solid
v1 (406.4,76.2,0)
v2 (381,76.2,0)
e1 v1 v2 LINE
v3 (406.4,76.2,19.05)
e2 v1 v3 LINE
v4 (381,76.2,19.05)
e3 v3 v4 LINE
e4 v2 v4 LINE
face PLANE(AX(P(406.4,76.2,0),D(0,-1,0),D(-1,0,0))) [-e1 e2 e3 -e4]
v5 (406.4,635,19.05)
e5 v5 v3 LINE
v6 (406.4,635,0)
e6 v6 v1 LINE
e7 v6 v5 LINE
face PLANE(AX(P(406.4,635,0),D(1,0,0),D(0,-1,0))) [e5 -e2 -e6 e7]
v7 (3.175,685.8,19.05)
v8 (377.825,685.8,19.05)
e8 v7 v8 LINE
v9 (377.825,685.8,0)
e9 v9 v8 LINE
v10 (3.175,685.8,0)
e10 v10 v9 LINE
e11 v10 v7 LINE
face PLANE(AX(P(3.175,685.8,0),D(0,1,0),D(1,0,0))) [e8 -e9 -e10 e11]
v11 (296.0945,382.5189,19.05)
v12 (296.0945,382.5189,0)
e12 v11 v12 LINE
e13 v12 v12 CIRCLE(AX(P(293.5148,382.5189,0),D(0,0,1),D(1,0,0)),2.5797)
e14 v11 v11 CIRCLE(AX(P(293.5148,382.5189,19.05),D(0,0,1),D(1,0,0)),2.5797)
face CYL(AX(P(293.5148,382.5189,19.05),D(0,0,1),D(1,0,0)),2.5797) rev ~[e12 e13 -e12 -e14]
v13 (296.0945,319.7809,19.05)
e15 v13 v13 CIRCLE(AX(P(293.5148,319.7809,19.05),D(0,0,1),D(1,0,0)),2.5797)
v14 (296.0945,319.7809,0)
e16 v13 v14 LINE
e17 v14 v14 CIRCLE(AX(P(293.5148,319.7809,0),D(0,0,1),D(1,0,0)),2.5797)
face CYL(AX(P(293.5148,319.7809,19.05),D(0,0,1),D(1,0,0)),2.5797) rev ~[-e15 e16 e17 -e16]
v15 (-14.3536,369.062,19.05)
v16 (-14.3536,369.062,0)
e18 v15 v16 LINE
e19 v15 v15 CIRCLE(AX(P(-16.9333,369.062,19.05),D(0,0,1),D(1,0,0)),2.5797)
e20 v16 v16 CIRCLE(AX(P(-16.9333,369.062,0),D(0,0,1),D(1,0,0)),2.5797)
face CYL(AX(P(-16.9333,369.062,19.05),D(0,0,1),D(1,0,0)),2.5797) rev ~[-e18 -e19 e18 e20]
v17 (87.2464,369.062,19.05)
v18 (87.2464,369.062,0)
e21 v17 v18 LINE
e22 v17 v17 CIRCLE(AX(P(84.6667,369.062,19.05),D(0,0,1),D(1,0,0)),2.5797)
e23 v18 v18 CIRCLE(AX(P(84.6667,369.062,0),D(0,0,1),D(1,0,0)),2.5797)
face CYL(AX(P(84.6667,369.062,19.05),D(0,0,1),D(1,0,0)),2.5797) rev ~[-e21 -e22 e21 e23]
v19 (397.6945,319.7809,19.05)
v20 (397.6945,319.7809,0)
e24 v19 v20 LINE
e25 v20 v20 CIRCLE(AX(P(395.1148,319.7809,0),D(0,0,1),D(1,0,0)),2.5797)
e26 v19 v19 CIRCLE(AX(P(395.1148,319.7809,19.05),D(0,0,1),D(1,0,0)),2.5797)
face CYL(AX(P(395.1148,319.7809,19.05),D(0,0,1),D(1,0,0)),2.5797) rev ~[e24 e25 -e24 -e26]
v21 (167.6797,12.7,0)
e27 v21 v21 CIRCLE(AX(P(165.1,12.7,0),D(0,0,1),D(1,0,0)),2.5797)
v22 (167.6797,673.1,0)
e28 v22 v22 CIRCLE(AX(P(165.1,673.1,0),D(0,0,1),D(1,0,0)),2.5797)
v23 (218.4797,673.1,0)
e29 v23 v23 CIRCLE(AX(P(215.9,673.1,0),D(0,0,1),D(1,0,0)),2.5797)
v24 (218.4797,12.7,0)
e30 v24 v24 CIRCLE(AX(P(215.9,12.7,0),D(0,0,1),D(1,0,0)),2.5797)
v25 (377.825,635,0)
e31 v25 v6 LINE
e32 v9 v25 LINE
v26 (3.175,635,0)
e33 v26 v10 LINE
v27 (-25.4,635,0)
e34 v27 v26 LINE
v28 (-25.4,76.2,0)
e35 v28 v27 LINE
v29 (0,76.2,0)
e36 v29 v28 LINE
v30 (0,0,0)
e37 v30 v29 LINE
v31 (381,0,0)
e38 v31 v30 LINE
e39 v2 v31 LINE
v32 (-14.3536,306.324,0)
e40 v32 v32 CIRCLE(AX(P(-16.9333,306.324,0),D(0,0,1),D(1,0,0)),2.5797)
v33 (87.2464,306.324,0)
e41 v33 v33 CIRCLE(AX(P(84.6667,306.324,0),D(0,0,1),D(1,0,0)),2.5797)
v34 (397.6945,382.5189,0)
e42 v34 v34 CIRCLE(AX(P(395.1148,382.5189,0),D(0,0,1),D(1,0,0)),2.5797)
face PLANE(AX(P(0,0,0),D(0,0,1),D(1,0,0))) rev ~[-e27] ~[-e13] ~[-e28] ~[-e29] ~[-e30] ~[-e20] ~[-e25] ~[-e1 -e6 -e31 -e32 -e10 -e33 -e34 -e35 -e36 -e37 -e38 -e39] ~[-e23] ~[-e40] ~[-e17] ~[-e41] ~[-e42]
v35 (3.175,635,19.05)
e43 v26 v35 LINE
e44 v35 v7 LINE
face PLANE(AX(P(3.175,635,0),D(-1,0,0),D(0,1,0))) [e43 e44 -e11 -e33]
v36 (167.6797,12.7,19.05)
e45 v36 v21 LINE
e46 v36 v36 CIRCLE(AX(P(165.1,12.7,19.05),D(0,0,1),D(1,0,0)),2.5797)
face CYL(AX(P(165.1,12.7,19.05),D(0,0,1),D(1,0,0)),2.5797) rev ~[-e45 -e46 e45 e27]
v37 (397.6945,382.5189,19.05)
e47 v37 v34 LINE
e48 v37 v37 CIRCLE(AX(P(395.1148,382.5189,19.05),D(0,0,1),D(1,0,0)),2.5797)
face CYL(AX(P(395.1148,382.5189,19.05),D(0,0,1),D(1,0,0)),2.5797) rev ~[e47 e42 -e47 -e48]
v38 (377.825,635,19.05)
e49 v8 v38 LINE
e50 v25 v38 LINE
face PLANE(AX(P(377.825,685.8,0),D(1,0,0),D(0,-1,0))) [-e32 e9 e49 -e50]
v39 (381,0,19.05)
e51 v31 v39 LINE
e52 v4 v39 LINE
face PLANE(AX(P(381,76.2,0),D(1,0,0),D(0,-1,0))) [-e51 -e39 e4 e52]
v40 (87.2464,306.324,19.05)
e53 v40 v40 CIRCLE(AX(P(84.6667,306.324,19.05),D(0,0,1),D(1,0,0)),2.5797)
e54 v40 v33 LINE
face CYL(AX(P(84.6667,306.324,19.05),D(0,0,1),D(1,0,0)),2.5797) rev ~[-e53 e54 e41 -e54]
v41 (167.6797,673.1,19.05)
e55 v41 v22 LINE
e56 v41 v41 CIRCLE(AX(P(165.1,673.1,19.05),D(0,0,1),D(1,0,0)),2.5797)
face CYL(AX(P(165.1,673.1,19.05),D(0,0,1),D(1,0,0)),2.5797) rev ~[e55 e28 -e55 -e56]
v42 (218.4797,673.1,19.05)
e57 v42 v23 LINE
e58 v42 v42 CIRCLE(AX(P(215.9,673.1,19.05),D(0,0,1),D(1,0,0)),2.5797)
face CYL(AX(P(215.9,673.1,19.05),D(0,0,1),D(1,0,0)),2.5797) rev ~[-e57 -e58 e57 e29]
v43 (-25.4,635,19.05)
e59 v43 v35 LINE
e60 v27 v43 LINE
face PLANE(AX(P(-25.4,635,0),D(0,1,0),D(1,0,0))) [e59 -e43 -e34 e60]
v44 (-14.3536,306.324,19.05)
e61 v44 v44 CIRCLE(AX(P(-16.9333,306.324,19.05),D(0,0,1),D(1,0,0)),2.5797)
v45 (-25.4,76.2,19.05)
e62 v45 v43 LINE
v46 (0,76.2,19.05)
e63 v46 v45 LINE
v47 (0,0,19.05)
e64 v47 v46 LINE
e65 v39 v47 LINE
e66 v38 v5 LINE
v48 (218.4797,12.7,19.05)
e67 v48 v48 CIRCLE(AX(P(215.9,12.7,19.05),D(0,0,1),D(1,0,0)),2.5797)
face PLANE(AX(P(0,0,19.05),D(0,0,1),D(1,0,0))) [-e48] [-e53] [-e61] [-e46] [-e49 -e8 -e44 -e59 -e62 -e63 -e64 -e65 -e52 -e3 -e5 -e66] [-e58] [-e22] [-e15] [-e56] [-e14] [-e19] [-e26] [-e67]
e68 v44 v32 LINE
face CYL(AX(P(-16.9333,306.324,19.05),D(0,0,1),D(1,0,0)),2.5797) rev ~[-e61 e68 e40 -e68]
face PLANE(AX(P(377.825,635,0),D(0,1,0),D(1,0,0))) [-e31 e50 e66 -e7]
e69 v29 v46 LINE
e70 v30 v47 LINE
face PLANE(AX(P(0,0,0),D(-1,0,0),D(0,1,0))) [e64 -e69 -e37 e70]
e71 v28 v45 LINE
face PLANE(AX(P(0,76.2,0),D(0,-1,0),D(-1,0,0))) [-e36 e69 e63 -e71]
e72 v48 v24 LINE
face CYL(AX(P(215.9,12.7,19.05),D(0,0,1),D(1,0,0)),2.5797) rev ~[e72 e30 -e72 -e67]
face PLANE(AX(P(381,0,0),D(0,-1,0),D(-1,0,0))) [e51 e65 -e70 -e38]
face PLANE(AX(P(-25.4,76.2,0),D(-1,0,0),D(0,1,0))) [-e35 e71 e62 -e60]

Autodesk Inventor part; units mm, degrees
ref_plane "YZ Plane" through (0, 0, 0) normal (1, 0, 0) x (0, 1, 0)
ref_plane "XZ Plane" through (0, 0, 0) normal (0, 1, 0) x (-1, 0, 0)
ref_plane "XY Plane" through (0, 0, 0) normal (0, 0, 1) x (1, 0, 0)
sketch "Sketch1" plane through (0, 0, 0) normal (0, 0, 1) x (1, 0, 0)
  line L0 (0, 0) -> (0, 76.2)
  line L1 (0, 76.2) -> (-25.4, 76.2)
  line L2 (-25.4, 76.2) -> (-25.4, 635)
  line L3 (-25.4, 635) -> (3.175, 635)
  line L4 (3.175, 635) -> (3.175, 685.8)
  line L5 (3.175, 685.8) -> (377.825, 685.8)
  line L6 (377.825, 685.8) -> (377.825, 635)
  line L7 (377.825, 635) -> (406.4, 635)
  line L8 (406.4, 635) -> (406.4, 76.2)
  line L9 (406.4, 76.2) -> (381, 76.2)
  line L10 (381, 76.2) -> (381, 0)
  line L11 (381, 0) -> (0, 0)
  dimension "d0" = 76.2
  dimension "d1" = 25.4
  dimension "d2" = 558.8
  dimension "d3" = 28.575
  dimension "d4" = 50.8
  dimension "d5" = 374.65
  dimension "d6" = 28.575
  dimension "d7" = 25.4
extrude "Extrusion1" add sketch "Sketch1" along normal blind 19.05
sketch "Sketch2" plane through (0, 0, 19.05) normal (0, 0, 1) x (1, 0, 0)
  point P0 (0, 0)
sketch "Sketch3" plane through (0, 0, 19.05) normal (0, 0, 1) x (1, 0, 0)
  line L0 (-25.4, 635) -> (-25.4, 76.2) construction
  line L1 (-25.4, 635) -> (-25.4, 369.062) construction
  line L2 (-25.4, 369.062) -> (-16.9333, 369.062) construction
  line L3 (-25.4, 369.062) -> (-16.9333, 369.062) construction
  line L4 (-16.9333, 369.062) -> (84.6667, 369.062) construction
  line L5 (-25.4, 76.2) -> (-25.4, 306.324) construction
  line L6 (-25.4, 306.324) -> (-16.9333, 306.324) construction
  line L7 (-16.9333, 306.324) -> (84.6667, 306.324) construction
  circle A0 centre (84.6667, 369.062) radius 2.5797
  circle A1 centre (-16.9333, 369.062) radius 2.5797
  circle A2 centre (84.6667, 306.324) radius 2.5797
  circle A3 centre (-16.9333, 306.324) radius 2.5797
  line L8 (377.825, 685.8) -> (3.175, 685.8) construction
  line L9 (190.5, 685.8) -> (190.5, 0) construction
  line L10 (0, 0) -> (381, 0) construction
  line L11 (190.5, 0) -> (165.1, 0) construction
  line L12 (165.1, 0) -> (165.1, 12.7) construction
  circle A4 centre (165.1, 12.7) radius 2.5797
  line L13 (190.5, 685.8) -> (165.1, 685.8) construction
  line L14 (165.1, 685.8) -> (165.1, 673.1) construction
  circle A5 centre (165.1, 673.1) radius 2.5797
  line L15 (406.4, 635) -> (406.4, 76.2) construction
  line L16 (406.4, 635) -> (406.4, 369.062) construction
  line L17 (406.4, 76.2) -> (406.4, 306.324) construction
  line L18 (3.175, 685.8) -> (377.825, 685.8) construction
  line L19 (381, 0) -> (0, 0) construction
  line L20 (190.5, 0) -> (215.9, 0) construction
  line L21 (215.9, 0) -> (215.9, 12.7) construction
  circle A6 centre (215.9, 12.7) radius 2.5797
  line L22 (190.5, 685.8) -> (215.9, 685.8) construction
  line L23 (215.9, 685.8) -> (215.9, 673.1) construction
  circle A7 centre (215.9, 673.1) radius 2.5797
  line L24 (406.4, 76.2) -> (406.4, 635) projected
  line L25 (406.4, 685.8) -> (406.4, 382.5189) construction
  line L26 (406.4, 382.5189) -> (395.1148, 382.5189) construction
  line L27 (395.1148, 382.5189) -> (293.5148, 382.5189) construction
  line L28 (293.5148, 382.5189) -> (293.5148, 319.7809) construction
  line L29 (293.5148, 319.7809) -> (395.1148, 319.7809) construction
  circle A8 centre (395.1148, 382.5189) radius 2.5797
  circle A9 centre (293.5148, 382.5189) radius 2.5797
  circle A10 centre (293.5148, 319.7809) radius 2.5797
  circle A11 centre (395.1148, 319.7809) radius 2.5797
  dimension "d10" = 265.938
  dimension "d11" = 8.4667
  dimension "d12" = 0
  dimension "d13" = 101.6
  dimension "d14" = 230.124
  dimension "d15" = 5.1594
  dimension "d16" = 25.4
  dimension "d17" = 12.7
  dimension "d19" = 5.1594
  dimension "d20" = 25.4
  dimension "d21" = 12.7
  dimension "d25" = 303.2811
  dimension "d26" = 11.2852
  dimension "d27" = 101.6
  dimension "d28" = 62.738
  dimension "d29" = 5.1594
extrude "Extrusion2" cut sketch "Sketch3" against normal blind 25.4
properties part number "Arm Belly Pan"
